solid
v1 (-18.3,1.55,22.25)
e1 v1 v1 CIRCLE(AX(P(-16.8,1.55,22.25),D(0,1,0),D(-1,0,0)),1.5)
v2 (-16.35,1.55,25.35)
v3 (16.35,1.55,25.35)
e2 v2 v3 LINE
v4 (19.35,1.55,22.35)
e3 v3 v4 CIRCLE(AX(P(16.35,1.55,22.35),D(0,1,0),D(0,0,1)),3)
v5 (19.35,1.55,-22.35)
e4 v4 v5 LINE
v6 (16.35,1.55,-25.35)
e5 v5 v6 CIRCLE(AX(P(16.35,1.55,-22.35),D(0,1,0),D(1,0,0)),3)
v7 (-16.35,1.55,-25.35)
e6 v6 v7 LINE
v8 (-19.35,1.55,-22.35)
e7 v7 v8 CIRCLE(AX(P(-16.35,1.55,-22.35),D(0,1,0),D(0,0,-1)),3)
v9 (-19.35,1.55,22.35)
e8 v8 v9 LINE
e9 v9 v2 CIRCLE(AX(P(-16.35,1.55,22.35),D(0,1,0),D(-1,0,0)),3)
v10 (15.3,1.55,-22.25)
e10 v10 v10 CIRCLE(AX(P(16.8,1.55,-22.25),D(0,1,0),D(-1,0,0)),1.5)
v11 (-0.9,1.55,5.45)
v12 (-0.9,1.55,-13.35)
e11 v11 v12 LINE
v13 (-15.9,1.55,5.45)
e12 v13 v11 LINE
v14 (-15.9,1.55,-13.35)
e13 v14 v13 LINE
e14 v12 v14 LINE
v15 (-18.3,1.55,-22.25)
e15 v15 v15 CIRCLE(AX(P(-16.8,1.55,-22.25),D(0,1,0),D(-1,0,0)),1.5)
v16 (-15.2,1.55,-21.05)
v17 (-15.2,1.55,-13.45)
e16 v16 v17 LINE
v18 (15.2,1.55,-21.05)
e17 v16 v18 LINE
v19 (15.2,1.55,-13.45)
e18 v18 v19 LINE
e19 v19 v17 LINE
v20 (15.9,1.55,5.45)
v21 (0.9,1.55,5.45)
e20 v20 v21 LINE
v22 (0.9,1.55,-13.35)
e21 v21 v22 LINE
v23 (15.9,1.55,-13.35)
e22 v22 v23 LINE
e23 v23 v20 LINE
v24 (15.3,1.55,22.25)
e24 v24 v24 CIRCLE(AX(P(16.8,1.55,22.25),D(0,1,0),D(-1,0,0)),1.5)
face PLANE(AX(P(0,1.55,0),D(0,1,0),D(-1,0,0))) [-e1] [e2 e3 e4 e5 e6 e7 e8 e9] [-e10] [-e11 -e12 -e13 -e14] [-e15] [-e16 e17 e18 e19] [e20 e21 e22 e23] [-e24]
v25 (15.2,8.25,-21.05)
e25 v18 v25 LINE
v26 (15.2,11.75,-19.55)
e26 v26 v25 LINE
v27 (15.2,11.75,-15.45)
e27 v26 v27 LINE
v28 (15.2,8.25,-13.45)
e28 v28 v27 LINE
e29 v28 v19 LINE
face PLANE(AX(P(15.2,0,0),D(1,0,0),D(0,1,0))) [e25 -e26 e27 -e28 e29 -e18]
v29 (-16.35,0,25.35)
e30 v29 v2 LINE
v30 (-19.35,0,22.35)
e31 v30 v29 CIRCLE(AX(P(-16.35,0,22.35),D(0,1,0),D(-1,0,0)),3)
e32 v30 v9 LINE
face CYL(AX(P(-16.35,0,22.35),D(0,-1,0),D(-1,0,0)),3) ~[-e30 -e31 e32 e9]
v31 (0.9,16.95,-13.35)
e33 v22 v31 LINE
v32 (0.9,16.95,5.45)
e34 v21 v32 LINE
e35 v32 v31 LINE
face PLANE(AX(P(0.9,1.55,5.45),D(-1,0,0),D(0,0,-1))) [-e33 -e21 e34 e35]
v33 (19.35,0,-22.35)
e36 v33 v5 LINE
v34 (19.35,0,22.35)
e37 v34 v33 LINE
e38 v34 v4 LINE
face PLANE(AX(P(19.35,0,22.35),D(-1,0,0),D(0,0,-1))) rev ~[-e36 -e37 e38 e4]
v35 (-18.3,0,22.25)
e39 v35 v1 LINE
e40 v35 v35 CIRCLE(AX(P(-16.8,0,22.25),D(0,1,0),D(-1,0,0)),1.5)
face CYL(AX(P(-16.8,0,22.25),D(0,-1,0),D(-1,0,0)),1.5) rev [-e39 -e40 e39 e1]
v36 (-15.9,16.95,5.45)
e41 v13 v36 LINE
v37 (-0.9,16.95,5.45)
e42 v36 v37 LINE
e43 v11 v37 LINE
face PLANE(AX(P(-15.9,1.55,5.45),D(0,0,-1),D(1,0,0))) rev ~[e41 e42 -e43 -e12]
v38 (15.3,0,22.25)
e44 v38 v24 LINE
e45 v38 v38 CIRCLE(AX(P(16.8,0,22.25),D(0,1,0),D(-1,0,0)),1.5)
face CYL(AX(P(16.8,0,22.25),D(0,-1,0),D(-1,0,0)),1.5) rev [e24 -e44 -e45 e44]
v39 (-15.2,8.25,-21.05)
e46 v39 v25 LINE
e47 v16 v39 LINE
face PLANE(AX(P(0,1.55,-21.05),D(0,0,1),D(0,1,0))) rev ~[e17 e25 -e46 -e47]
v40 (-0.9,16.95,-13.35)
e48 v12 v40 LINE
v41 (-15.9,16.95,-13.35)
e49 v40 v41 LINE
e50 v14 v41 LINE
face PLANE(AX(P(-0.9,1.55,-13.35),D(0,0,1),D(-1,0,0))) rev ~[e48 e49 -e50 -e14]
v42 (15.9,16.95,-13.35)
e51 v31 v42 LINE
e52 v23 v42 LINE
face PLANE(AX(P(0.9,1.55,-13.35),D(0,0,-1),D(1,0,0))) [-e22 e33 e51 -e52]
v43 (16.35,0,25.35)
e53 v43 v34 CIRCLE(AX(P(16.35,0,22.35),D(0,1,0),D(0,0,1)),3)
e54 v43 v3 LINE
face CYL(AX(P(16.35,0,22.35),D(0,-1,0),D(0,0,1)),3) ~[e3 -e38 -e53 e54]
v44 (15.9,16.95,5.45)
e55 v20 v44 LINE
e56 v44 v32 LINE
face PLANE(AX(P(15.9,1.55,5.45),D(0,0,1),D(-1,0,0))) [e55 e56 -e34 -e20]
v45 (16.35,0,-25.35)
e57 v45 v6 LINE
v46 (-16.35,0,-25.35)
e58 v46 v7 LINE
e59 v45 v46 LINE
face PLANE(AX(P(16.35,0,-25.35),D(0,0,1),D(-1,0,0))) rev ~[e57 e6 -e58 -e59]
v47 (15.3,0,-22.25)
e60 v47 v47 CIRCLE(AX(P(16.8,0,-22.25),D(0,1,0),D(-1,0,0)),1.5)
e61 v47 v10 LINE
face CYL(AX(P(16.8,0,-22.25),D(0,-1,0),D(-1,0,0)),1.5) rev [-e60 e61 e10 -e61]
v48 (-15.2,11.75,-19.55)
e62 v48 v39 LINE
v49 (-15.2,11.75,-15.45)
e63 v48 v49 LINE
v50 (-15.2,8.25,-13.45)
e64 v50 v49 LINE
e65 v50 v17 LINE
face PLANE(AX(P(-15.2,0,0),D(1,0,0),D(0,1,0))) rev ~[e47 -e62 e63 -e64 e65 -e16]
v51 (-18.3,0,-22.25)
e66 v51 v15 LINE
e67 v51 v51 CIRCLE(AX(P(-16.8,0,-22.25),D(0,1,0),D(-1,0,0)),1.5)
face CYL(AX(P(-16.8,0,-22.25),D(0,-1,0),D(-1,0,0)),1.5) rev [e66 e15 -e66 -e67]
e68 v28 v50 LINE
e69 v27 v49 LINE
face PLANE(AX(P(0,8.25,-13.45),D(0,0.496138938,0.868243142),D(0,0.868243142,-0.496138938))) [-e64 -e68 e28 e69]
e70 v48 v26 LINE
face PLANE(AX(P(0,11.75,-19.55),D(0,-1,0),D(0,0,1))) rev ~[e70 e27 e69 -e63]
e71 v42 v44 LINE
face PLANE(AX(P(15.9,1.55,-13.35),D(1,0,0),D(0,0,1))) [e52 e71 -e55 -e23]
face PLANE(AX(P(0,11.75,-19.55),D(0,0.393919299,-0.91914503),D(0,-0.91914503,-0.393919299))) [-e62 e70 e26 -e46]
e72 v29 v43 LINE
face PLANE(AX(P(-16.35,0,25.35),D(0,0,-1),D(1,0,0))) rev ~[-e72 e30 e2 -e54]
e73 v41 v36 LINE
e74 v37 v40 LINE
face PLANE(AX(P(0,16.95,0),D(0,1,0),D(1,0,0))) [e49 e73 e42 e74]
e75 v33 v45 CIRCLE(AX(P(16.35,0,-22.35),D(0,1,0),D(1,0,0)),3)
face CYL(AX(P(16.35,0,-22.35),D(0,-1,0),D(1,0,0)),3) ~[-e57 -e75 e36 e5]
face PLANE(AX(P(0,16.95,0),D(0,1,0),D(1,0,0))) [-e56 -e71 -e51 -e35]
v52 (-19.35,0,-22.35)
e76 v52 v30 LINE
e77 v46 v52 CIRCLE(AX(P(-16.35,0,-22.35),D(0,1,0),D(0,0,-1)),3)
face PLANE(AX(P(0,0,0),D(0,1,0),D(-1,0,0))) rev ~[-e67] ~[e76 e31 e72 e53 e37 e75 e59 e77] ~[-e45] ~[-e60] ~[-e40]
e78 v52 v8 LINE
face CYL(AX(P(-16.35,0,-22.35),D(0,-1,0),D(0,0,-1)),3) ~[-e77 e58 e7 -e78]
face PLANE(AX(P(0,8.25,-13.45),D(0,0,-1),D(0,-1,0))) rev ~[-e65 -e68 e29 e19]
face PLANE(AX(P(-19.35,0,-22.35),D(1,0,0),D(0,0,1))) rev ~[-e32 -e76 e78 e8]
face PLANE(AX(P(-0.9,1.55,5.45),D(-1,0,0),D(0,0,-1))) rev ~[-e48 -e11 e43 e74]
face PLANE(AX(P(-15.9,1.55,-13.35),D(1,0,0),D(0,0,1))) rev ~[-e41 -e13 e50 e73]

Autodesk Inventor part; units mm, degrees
ref_plane "YZ Plane" through (0, 0, 0) normal (1, 0, 0) x (0, 1, 0)
ref_plane "XZ Plane" through (0, 0, 0) normal (0, 1, 0) x (-1, 0, 0)
ref_plane "XY Plane" through (0, 0, 0) normal (0, 0, 1) x (1, 0, 0)
sketch "스케치2" plane through (0, 0, 0) normal (0, 1, 0) x (-1, 0, 0)
  line L0 (-16.35, -25.35) -> (16.35, -25.35)
  line L1 (19.35, -22.35) -> (19.35, 22.35)
  line L2 (16.35, 25.35) -> (-16.35, 25.35)
  line L3 (-19.35, 22.35) -> (-19.35, -22.35)
  line L4 (-19.35, -25.35) -> (19.35, 25.35) construction
  line L5 (19.35, -25.35) -> (-19.35, 25.35) construction
  circle A0 centre (16.8, 22.25) radius 1.5
  line L6 (0, 0) -> (0, -6.2498)
  line L7 (0, 0) -> (4.685, 0)
  circle A1 centre (16.8, -22.25) radius 1.5
  circle A2 centre (-16.8, 22.25) radius 1.5
  circle A3 centre (-16.8, -22.25) radius 1.5
  arc A4 (19.35, 22.35) -> (16.35, 25.35) centre (16.35, 22.35) ccw
  arc A5 (16.35, -25.35) -> (19.35, -22.35) centre (16.35, -22.35) ccw
  arc A6 (-19.35, -22.35) -> (-16.35, -25.35) centre (-16.35, -22.35) ccw
  arc A7 (-16.35, 25.35) -> (-19.35, 22.35) centre (-16.35, 22.35) ccw
  dimension "d0" = 38.7
  dimension "d1" = 50.7
  dimension "d2" = 3
  dimension "d4" = 44.5
  dimension "d5" = 3
  dimension "d24" = 33.6
extrude "돌출1" add sketch "스케치2" along normal blind 1.55
sketch "스케치3" plane through (0, 1.55, 0) normal (0, 1, 0) x (1, 0, 0)
  line L0 (-15.9, -5.45) -> (-0.9, -5.45)
  line L1 (-0.9, -5.45) -> (-0.9, 13.35)
  line L2 (-0.9, 13.35) -> (-15.9, 13.35)
  line L3 (-15.9, 13.35) -> (-15.9, -5.45)
  line L4 (-15.9, -5.45) -> (-0.9, 13.35) construction
  line L5 (-0.9, -5.45) -> (-15.9, 13.35) construction
  line L6 (16.35, 25.35) -> (-16.35, 25.35) projected
  line L7 (0, 0) -> (0, -13.7943)
  line L8 (15.9, -5.45) -> (0.9, -5.45)
  line L9 (0.9, -5.45) -> (0.9, 13.35)
  line L10 (0.9, 13.35) -> (15.9, 13.35)
  line L11 (15.9, 13.35) -> (15.9, -5.45)
  line L12 (15.9, -5.45) -> (0.9, 13.35) construction
  line L13 (0.9, -5.45) -> (15.9, 13.35) construction
  point P0 (-8.4, 3.95)
  point P1 (8.4, 3.95)
  dimension "d8" = 15
  dimension "d9" = 18.8
  dimension "d10" = 0.9
  dimension "d11" = 12
extrude "돌출2" add sketch "스케치3" along normal blind 15.4
sketch "스케치4" plane through (0, 0, 0) normal (1, 0, 0) x (0, 1, 0)
  line L0 (1.55, -22.35) -> (1.55, 22.35) projected
  line L1 (11.75, -13.45) -> (1.55, -13.45)
  line L2 (1.55, -13.45) -> (1.55, -21.05)
  line L3 (1.55, -21.05) -> (11.75, -21.05)
  line L4 (11.75, -21.05) -> (11.75, -13.45)
  line L5 (0, -25.35) -> (1.55, -25.35) projected
  line L6 (11.75, -19.55) -> (8.25, -21.05)
  line L7 (1.55, -13.35) -> (16.95, -13.35) projected
  line L8 (8.25, -13.45) -> (11.75, -15.45)
  point P0 (0, 0)
  point P1 (1.55, -13.45)
  dimension "d16" = 7.6
  dimension "d17" = 10.2
  dimension "d18" = 4.3
  dimension "d19" = 1.5
  dimension "d20" = 2
  dimension "d21" = 3.5
extrude "돌출3" add sketch "스케치4" along normal mid plane 30.4 contours L0 L1 L8 L4 L6 L3
properties part number "더블 릴레이 모듈"
